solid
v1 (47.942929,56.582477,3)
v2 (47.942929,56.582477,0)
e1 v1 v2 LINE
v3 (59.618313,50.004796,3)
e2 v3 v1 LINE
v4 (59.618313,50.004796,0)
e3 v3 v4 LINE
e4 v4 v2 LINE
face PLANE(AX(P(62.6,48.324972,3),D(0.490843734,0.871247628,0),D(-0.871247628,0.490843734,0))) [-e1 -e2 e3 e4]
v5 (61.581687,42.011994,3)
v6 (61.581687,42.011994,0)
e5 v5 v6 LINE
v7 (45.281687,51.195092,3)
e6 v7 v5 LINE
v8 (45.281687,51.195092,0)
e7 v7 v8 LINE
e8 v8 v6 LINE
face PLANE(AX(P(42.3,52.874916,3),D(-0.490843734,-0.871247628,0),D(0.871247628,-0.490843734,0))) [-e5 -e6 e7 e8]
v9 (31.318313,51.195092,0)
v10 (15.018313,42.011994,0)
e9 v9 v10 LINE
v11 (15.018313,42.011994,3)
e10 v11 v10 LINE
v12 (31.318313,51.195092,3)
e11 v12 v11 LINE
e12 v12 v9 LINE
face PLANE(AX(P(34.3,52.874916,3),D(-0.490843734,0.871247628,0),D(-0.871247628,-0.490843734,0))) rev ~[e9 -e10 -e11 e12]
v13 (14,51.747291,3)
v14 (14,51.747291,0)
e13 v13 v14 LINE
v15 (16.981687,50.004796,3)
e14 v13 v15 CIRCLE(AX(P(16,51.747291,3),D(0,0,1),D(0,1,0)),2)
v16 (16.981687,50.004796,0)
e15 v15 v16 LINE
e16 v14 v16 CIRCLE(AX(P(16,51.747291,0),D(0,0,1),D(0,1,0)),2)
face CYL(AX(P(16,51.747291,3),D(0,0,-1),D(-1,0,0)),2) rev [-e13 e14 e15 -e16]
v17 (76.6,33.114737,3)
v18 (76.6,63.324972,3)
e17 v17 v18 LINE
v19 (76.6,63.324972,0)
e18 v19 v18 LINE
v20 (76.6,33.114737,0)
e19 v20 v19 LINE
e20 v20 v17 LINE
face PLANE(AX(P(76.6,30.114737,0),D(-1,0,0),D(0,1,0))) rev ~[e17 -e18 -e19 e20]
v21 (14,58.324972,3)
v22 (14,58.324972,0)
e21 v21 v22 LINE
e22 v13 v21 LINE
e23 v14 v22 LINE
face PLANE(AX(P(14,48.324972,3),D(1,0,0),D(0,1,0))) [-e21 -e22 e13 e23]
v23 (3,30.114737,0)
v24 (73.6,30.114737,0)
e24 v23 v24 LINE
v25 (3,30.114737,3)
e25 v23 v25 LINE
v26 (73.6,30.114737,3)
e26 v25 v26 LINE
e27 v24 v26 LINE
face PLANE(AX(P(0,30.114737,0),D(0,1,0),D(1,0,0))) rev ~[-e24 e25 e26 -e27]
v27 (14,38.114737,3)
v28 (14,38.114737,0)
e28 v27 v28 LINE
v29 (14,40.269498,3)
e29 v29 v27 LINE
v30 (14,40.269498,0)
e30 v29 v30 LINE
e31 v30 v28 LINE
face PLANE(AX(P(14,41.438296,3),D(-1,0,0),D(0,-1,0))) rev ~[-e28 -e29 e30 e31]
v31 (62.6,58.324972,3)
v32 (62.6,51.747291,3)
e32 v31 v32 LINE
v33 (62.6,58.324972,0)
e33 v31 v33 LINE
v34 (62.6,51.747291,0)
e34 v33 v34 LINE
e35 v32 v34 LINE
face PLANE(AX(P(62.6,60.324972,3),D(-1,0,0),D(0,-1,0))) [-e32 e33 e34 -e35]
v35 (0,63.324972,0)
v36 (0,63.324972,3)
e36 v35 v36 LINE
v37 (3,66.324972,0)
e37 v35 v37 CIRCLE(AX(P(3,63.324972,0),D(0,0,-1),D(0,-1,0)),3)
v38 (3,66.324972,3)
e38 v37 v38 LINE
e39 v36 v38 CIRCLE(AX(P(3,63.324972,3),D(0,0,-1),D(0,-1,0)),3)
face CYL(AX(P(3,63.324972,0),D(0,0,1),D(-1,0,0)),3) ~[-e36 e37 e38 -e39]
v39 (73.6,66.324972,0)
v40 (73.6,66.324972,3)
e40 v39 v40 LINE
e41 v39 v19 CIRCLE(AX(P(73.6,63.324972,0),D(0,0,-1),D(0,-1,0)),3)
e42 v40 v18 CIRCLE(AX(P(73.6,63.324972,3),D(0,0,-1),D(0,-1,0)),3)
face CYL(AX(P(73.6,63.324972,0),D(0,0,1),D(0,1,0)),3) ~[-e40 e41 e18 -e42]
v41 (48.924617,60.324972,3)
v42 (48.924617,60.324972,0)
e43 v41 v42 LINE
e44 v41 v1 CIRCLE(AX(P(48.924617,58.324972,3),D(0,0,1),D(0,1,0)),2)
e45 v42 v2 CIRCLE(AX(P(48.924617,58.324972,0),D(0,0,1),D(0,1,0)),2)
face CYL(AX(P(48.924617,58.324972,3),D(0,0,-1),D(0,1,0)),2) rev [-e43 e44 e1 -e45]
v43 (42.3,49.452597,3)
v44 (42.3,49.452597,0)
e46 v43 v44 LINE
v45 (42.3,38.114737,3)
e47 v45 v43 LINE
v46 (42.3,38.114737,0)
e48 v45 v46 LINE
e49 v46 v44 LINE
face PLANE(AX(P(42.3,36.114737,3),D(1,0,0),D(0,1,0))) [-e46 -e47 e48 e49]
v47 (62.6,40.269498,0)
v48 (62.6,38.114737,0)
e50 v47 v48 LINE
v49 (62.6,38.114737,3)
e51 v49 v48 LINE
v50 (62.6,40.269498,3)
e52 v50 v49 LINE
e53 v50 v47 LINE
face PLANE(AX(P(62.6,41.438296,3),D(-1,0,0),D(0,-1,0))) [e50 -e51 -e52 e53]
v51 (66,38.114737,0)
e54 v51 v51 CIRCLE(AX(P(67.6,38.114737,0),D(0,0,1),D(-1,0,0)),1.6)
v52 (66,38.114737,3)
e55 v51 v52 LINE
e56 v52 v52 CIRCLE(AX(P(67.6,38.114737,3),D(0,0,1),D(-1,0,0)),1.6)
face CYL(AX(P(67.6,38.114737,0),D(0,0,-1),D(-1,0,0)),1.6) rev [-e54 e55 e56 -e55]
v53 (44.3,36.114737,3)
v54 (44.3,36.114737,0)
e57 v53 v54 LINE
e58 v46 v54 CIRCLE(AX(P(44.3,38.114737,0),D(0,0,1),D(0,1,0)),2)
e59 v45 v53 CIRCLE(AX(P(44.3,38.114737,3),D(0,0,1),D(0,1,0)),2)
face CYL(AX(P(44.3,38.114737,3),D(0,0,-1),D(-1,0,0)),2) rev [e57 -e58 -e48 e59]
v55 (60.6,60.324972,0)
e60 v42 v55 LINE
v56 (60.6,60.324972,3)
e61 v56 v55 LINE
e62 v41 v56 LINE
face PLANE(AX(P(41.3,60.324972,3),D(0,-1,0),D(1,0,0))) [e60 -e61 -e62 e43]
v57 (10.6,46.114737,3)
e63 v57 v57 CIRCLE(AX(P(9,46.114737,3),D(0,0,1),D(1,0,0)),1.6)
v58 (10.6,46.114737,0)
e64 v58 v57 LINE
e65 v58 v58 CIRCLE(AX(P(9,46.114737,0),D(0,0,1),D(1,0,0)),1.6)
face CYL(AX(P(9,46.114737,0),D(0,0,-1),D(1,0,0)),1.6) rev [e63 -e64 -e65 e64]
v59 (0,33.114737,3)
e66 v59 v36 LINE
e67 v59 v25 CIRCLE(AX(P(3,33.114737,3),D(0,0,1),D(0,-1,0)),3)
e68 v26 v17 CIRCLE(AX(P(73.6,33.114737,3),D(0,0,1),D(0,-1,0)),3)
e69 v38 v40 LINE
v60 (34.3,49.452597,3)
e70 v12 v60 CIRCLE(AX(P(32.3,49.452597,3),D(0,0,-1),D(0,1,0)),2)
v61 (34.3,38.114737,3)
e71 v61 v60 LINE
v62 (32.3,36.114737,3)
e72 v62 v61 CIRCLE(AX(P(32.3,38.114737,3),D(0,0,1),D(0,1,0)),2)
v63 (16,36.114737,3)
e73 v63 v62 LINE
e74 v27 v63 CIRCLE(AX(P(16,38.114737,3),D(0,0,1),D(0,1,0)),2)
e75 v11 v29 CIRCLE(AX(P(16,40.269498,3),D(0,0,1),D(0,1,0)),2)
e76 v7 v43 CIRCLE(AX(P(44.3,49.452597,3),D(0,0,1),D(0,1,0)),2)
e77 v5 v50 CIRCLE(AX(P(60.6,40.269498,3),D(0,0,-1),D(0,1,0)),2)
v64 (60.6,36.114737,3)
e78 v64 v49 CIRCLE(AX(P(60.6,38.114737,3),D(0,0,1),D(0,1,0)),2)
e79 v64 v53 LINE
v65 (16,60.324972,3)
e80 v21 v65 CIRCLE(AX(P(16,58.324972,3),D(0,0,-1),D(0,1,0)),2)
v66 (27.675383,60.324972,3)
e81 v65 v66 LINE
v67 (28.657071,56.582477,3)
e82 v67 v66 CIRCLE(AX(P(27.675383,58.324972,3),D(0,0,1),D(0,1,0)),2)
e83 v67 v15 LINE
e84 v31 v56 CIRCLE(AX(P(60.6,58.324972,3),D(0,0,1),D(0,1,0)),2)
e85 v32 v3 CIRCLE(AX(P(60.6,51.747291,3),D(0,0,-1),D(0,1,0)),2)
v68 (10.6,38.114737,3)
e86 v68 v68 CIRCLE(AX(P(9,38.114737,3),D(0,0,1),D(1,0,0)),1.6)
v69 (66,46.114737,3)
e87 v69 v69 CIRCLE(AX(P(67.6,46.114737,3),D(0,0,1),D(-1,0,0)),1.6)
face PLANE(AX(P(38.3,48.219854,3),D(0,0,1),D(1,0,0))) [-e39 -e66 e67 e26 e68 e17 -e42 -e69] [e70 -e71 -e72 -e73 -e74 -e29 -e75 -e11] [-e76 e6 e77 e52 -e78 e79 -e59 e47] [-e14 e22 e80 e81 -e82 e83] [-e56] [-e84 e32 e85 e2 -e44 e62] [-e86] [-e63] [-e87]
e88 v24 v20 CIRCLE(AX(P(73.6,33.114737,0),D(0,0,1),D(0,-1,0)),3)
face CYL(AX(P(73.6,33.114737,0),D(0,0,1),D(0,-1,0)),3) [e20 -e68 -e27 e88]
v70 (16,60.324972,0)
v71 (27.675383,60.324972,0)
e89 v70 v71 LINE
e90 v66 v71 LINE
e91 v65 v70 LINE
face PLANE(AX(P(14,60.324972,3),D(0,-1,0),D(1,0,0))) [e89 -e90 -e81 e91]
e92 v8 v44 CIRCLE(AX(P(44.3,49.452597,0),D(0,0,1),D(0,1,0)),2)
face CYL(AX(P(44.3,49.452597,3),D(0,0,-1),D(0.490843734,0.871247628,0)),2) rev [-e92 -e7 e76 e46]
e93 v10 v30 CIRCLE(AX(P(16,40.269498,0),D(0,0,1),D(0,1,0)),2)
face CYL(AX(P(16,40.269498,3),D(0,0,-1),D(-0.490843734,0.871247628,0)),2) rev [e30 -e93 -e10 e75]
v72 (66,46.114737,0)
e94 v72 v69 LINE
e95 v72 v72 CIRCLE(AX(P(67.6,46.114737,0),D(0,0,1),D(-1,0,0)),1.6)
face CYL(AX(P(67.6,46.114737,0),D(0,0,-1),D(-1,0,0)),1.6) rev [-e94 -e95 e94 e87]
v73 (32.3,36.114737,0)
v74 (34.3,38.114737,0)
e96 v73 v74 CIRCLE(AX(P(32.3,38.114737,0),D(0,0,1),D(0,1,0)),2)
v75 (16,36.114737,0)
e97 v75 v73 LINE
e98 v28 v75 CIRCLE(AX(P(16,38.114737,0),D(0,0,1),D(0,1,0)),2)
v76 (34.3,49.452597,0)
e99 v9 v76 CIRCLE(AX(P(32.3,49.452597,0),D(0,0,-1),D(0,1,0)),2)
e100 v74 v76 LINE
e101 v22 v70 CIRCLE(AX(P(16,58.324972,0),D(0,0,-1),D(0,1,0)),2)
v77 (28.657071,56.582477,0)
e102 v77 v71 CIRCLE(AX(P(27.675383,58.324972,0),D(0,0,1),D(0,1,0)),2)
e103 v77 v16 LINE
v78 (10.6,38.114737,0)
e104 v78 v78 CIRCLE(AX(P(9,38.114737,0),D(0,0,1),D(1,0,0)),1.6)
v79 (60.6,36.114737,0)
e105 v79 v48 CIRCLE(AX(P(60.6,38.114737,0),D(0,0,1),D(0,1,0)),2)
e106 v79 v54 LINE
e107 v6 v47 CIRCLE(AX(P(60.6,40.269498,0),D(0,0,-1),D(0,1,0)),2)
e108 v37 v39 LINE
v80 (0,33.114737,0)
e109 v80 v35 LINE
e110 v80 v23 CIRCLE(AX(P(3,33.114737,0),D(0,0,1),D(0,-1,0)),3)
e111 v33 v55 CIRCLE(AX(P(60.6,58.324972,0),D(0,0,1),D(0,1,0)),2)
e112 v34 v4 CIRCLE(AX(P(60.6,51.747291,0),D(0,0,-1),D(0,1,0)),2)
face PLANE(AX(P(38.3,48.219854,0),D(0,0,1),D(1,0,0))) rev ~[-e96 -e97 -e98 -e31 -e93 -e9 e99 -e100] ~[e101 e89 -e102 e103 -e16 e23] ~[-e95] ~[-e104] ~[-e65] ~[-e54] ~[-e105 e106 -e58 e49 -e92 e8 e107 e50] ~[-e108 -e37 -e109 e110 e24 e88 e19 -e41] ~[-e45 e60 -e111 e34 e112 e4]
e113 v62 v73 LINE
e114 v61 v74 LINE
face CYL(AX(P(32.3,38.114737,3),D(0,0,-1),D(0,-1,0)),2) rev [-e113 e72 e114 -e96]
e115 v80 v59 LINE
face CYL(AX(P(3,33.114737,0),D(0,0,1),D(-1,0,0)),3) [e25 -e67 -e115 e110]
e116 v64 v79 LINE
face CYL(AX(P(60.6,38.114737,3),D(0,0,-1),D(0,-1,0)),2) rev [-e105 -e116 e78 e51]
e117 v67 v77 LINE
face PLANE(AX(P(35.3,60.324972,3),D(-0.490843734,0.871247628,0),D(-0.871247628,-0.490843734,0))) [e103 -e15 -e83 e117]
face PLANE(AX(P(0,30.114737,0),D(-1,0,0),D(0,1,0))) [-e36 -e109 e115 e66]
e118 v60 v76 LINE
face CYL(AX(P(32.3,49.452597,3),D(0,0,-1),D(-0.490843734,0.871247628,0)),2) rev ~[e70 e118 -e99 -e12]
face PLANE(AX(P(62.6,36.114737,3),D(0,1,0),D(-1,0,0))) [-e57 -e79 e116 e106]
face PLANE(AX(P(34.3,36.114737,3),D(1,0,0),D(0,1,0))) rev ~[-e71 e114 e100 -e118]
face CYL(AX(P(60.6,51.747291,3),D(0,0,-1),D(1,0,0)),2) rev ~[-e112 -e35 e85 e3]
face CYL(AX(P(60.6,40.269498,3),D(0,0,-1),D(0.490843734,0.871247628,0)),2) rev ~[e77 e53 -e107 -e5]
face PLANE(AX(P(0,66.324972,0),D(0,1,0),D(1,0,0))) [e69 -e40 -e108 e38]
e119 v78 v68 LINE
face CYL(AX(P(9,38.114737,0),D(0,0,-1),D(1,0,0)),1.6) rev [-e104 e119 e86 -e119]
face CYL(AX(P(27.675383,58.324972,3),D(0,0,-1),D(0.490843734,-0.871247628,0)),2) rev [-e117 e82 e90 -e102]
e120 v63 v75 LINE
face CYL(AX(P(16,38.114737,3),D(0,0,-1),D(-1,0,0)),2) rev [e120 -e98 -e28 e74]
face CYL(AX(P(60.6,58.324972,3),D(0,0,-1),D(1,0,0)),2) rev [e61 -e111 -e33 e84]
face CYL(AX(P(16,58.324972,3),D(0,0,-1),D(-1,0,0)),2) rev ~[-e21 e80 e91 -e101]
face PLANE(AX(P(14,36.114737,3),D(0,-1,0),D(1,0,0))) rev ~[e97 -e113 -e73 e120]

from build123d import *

# Parameters (mm, degrees)
SKETCH_1_W          = 76.6
SKETCH_1_H          = 36.210235533
SKETCH_1_R          = 1.6
EXTRUDE_1_DEPTH     = 3
FILLET_1_R          = 3
CUT_EXTRUDE_1_DEPTH = 102.368446486
FILLET_2_R          = 2


with BuildPart() as part:
    # 草图1 → 凸台-拉伸1 (new body)
    with BuildSketch(Plane.XY):
        with Locations((38.3, 48.219854477)):
            Rectangle(SKETCH_1_W, SKETCH_1_H)
        with Locations((9, 38.11473671)):
            Circle(SKETCH_1_R, mode=Mode.SUBTRACT)
        with Locations((9, 46.11473671)):
            Circle(SKETCH_1_R, mode=Mode.SUBTRACT)
        with Locations(Location((67.6, 38.11473671, 0), (0, 0, 180))):
            Circle(SKETCH_1_R, mode=Mode.SUBTRACT)
        with Locations(Location((67.6, 46.11473671, 0), (0, 0, 180))):
            Circle(SKETCH_1_R, mode=Mode.SUBTRACT)
    extrude(amount=EXTRUDE_1_DEPTH)

    # 圆角1
    fillet_1_edges = [part.edges().sort_by_distance(p)[0] for p in [
        (0, 66.324972243, 1.5),
        (76.6, 66.324972243, 1.5),
        (76.6, 30.11473671, 1.5),
        (0, 30.11473671, 1.5),
    ]]
    fillet(fillet_1_edges, radius=FILLET_1_R)

    # 草图2 → 切除-拉伸1 (cut, through all)
    with BuildSketch(Plane.XY.offset(3)):
        Polygon((14, 60.324972243), (35.3, 60.324972243), (14, 48.324972243), align=None)
        Polygon((62.6, 48.324972243), (41.3, 60.324972243), (62.6, 60.324972243), align=None)
        Polygon((34.3, 52.874916108), (14, 41.43829639), (14, 36.11473671), (34.3, 36.11473671), align=None)
        Polygon((62.6, 41.43829639), (62.6, 36.11473671), (42.3, 36.11473671), (42.3, 52.874916108), align=None)
    extrude(amount=-CUT_EXTRUDE_1_DEPTH, mode=Mode.SUBTRACT)

    # 圆角2
    fillet_2_edges = [part.edges().sort_by_distance(p)[0] for p in [
        (42.3, 52.874916108, 1.5),
        (62.6, 41.43829639, 1.5),
        (62.6, 36.11473671, 1.5),
        (42.3, 36.11473671, 1.5),
        (34.3, 36.11473671, 1.5),
        (14, 36.11473671, 1.5),
        (14, 41.43829639, 1.5),
        (34.3, 52.874916108, 1.5),
        (62.6, 60.324972243, 1.5),
        (62.6, 48.324972243, 1.5),
        (41.3, 60.324972243, 1.5),
        (14, 48.324972243, 1.5),
        (14, 60.324972243, 1.5),
        (35.3, 60.324972243, 1.5),
    ]]
    fillet(fillet_2_edges, radius=FILLET_2_R)


solid = part.part
